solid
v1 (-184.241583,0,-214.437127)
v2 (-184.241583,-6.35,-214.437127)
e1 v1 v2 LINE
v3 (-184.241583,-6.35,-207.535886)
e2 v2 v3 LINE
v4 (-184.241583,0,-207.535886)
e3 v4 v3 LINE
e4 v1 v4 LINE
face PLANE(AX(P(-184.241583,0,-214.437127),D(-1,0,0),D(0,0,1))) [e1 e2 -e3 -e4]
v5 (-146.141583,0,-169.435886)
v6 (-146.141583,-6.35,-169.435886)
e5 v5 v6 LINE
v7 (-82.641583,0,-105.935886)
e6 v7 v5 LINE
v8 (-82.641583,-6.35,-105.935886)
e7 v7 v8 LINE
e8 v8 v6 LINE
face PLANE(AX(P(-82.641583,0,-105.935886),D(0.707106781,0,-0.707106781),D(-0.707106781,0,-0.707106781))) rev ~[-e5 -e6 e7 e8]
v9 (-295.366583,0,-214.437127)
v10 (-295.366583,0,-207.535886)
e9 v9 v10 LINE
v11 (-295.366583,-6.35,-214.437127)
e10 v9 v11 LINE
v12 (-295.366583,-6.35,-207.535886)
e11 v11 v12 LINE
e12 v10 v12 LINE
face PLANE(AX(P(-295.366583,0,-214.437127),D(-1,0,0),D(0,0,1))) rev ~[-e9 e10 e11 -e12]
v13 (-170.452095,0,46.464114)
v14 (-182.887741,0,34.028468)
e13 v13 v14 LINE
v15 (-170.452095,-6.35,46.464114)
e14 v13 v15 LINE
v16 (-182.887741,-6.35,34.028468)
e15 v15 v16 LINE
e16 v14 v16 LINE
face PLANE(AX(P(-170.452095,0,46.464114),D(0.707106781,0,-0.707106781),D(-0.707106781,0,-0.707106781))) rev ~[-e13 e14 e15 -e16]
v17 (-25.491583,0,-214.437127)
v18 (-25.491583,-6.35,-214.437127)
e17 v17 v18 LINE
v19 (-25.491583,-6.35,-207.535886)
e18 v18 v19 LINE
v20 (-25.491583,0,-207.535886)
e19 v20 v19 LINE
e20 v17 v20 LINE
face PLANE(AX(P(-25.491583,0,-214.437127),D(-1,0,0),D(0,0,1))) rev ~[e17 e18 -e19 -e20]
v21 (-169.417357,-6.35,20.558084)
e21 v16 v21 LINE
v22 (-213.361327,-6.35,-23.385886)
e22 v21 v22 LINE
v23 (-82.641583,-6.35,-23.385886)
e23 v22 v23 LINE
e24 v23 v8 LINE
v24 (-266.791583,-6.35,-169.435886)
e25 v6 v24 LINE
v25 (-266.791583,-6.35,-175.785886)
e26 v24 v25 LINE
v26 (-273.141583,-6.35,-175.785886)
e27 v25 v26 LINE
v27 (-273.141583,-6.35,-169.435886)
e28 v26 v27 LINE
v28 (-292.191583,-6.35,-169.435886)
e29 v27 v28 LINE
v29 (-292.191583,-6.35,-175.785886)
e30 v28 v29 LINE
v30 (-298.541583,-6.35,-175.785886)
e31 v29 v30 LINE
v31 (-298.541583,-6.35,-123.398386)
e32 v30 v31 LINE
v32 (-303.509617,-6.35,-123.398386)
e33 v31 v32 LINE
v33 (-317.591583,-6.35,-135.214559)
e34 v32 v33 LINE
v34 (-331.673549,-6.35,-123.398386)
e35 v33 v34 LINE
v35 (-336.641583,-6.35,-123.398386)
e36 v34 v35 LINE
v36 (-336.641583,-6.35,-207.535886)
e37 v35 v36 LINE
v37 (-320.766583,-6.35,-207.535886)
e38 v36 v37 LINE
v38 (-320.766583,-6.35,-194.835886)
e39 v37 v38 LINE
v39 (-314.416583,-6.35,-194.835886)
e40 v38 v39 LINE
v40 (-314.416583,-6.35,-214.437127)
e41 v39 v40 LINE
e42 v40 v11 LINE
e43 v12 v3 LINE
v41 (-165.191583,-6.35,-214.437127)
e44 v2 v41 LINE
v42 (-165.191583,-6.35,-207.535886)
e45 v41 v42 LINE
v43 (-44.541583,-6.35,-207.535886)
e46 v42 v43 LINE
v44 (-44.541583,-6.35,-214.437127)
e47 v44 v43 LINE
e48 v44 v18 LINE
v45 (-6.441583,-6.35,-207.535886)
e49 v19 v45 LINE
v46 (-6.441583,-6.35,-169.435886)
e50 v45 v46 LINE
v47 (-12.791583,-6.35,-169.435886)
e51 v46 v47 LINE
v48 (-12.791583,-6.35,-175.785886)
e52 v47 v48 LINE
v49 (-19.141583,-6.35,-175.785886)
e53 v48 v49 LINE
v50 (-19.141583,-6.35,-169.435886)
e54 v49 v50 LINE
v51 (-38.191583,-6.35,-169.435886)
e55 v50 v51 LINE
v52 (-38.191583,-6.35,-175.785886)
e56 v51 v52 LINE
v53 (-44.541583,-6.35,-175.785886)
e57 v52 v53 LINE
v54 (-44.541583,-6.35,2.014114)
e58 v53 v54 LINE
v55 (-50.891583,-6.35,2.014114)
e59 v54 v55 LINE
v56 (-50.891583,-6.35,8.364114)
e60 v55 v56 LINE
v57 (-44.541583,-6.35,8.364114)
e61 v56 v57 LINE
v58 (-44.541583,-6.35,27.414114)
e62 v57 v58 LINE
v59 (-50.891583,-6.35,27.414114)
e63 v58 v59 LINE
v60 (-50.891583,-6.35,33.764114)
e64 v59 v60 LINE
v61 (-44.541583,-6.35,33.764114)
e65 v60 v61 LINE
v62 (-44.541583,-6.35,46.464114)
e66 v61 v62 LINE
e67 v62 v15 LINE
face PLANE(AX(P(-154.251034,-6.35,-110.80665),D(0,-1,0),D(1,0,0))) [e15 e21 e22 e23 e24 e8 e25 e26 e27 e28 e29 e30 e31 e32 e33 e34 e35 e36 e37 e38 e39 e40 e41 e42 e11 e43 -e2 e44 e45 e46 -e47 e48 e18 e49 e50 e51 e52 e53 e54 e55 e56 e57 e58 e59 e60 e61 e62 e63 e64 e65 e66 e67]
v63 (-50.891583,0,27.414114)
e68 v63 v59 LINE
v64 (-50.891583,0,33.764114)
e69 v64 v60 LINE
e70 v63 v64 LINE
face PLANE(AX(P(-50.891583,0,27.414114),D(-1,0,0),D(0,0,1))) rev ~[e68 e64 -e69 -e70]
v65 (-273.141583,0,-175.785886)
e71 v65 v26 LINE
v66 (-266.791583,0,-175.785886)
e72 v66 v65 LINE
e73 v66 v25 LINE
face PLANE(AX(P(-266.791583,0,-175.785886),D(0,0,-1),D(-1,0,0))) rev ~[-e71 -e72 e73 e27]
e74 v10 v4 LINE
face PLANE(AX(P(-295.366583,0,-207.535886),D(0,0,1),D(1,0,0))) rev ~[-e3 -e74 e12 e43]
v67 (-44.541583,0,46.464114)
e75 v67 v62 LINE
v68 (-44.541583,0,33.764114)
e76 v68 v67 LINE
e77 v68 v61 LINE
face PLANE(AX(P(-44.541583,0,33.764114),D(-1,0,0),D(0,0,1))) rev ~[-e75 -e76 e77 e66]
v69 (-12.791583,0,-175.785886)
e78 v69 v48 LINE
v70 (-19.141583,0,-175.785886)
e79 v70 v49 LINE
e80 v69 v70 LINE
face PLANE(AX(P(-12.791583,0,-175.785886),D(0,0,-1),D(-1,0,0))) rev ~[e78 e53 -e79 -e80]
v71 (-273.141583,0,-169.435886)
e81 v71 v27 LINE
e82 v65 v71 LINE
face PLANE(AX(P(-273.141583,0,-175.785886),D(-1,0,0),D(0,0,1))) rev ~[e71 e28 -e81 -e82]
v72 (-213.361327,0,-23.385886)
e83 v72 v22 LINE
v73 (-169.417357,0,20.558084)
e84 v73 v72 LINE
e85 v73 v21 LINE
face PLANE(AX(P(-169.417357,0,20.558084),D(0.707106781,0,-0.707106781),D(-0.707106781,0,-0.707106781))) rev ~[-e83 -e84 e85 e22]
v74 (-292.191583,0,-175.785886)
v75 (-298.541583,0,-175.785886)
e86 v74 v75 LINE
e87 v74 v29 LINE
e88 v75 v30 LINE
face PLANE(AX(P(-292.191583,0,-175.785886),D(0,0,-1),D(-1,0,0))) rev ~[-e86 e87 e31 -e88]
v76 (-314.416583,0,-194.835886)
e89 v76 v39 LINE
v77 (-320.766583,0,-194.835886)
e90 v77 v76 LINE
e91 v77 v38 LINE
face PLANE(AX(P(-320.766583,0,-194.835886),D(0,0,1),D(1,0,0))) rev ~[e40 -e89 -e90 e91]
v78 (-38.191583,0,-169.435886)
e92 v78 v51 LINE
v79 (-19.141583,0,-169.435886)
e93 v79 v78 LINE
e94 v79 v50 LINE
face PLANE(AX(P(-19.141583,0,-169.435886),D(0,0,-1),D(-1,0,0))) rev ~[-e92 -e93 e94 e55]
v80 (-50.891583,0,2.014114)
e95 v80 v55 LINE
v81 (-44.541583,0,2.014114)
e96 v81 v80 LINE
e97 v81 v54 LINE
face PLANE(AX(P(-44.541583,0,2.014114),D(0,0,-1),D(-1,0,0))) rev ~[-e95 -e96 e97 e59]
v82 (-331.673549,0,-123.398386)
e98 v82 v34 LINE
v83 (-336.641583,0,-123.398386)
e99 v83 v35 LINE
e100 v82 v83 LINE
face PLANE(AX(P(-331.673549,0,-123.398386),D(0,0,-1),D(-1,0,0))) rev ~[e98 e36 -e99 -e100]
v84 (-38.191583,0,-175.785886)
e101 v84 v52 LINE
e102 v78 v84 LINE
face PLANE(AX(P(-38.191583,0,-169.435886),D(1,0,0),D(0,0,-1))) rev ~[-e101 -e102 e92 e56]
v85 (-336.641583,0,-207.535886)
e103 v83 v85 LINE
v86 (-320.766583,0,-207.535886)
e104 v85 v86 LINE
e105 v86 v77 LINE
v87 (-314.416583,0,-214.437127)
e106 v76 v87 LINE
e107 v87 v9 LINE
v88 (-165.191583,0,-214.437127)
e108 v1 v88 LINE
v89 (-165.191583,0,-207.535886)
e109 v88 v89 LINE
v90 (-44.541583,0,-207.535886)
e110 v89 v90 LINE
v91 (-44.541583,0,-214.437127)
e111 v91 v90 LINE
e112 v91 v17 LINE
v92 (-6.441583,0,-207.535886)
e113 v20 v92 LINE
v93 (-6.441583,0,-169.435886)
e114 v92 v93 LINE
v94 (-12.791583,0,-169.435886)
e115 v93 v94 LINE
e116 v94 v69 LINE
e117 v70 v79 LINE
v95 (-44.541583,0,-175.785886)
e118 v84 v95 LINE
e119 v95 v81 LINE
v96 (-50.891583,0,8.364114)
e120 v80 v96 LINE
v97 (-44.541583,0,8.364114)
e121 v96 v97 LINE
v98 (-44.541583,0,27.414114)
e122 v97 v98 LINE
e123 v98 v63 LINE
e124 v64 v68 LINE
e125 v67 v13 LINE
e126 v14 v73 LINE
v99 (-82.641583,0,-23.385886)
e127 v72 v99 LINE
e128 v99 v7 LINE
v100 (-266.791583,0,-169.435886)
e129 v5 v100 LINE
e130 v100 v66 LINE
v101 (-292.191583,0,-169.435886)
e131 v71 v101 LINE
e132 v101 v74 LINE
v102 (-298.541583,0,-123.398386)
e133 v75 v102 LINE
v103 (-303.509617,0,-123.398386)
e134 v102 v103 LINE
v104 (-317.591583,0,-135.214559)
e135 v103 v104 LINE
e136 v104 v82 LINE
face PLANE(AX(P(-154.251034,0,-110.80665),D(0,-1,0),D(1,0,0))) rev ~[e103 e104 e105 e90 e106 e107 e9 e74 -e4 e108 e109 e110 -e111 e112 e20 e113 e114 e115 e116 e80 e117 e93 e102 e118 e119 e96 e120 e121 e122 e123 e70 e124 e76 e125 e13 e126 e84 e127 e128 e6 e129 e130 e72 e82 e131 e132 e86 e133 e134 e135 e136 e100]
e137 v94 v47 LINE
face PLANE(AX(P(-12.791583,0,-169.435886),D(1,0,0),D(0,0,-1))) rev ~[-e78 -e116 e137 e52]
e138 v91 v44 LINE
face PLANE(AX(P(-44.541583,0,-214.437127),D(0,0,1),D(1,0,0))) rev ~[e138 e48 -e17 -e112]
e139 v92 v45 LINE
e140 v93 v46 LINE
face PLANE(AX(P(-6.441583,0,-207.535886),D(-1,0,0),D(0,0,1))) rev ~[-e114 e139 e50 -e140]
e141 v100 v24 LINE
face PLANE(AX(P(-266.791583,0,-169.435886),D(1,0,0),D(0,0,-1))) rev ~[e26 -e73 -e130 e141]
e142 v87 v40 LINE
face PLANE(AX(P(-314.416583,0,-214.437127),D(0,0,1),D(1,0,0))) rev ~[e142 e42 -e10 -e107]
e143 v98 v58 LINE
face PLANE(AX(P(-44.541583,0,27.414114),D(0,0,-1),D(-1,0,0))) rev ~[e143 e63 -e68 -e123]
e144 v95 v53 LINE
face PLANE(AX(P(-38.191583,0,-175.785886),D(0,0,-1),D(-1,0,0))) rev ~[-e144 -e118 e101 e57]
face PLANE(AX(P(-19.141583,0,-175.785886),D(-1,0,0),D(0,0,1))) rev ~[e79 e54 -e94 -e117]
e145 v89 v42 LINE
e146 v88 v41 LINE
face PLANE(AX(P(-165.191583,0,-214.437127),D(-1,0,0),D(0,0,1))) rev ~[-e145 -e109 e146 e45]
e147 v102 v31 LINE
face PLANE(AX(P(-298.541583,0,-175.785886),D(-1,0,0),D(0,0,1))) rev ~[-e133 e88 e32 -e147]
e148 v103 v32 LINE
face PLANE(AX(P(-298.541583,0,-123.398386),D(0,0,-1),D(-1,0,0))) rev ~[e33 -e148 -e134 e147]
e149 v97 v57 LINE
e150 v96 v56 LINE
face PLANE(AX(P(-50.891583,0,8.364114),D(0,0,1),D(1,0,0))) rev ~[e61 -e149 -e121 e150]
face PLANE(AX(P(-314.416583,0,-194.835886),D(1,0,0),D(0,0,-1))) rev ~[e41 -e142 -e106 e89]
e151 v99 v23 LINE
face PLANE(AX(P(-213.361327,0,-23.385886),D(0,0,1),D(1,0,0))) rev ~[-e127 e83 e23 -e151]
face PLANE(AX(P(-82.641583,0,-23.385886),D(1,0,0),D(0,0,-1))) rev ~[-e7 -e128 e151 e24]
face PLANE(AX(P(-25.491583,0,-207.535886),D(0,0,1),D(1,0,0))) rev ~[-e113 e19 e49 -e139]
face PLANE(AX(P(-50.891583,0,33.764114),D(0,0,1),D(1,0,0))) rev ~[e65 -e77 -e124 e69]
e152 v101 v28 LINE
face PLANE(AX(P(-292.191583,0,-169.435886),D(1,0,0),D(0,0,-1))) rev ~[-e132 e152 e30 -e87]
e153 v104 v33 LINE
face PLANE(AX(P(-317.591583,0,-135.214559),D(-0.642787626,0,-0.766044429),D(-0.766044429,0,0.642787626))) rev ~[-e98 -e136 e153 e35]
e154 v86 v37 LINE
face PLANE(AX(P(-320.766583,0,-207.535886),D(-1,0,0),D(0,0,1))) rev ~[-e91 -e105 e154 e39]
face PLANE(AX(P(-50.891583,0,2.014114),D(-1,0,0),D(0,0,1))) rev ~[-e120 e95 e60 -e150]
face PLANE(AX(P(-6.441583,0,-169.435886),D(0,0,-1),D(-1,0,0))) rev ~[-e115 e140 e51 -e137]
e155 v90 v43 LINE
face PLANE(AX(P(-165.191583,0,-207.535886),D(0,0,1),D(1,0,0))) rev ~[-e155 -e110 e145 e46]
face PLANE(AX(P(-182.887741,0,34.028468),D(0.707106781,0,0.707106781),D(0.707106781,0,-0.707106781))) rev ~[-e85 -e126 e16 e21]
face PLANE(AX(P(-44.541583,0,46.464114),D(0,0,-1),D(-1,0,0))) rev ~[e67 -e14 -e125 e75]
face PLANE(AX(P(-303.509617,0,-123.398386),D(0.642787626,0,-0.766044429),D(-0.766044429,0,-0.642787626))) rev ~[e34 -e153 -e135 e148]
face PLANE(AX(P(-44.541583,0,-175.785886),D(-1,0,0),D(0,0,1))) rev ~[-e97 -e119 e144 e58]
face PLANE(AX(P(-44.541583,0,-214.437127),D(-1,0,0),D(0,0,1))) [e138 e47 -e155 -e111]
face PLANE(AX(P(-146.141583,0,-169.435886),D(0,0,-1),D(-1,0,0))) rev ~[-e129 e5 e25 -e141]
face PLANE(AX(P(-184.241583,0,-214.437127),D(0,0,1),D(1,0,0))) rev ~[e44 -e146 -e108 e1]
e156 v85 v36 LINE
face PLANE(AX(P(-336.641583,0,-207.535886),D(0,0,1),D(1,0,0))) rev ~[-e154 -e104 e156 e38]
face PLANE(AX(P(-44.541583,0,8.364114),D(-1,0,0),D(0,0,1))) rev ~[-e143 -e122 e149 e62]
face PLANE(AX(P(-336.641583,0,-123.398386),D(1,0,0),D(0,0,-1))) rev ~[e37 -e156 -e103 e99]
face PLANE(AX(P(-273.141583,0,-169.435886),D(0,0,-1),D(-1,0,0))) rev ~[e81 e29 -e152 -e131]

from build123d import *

# Parameters (mm, degrees)
F0_W     = 19.05
F0_H     = 6.901241
F1_DEPTH = 6.35


with BuildPart() as f1:
    # F0 (on Front) → F1 (new body)
    with BuildSketch(Plane.XZ):
        Polygon((-82.641583, -23.385886), (-82.641583, -105.935886), (-146.141583, -169.435886), (-266.791583, -169.435886), (-266.791583, -175.785886), (-273.141583, -175.785886), (-273.141583, -169.435886), (-292.191583, -169.435886), (-292.191583, -175.785886), (-298.541583, -175.785886), (-298.541583, -123.398386), (-303.509617, -123.398386), (-317.591583, -135.214559), (-331.673549, -123.398386), (-336.641583, -123.398386), (-336.641583, -207.535886), (-320.766583, -207.535886), (-320.766583, -194.835886), (-314.416583, -194.835886), (-314.416583, -207.535886), (-295.366583, -207.535886), (-184.241583, -207.535886), (-165.191583, -207.535886), (-44.541583, -207.535886), (-25.491583, -207.535886), (-6.441583, -207.535886), (-6.441583, -169.435886), (-12.791583, -169.435886), (-12.791583, -175.785886), (-19.141583, -175.785886), (-19.141583, -169.435886), (-38.191583, -169.435886), (-38.191583, -175.785886), (-44.541583, -175.785886), (-44.541583, 2.014114), (-50.891583, 2.014114), (-50.891583, 8.364114), (-44.541583, 8.364114), (-44.541583, 27.414114), (-50.891583, 27.414114), (-50.891583, 33.764114), (-44.541583, 33.764114), (-44.541583, 46.464114), (-170.452095, 46.464114), (-182.887741, 34.028468), (-169.417357, 20.558084), (-213.361327, -23.385886), align=None)
        with Locations((-304.891583, -210.986506)):
            Rectangle(F0_W, F0_H)
        with Locations((-174.716583, -210.986506)):
            Rectangle(F0_W, F0_H)
        with Locations((-35.016583, -210.986506)):
            Rectangle(F0_W, F0_H)
    extrude(amount=F1_DEPTH)


solid = f1.part
